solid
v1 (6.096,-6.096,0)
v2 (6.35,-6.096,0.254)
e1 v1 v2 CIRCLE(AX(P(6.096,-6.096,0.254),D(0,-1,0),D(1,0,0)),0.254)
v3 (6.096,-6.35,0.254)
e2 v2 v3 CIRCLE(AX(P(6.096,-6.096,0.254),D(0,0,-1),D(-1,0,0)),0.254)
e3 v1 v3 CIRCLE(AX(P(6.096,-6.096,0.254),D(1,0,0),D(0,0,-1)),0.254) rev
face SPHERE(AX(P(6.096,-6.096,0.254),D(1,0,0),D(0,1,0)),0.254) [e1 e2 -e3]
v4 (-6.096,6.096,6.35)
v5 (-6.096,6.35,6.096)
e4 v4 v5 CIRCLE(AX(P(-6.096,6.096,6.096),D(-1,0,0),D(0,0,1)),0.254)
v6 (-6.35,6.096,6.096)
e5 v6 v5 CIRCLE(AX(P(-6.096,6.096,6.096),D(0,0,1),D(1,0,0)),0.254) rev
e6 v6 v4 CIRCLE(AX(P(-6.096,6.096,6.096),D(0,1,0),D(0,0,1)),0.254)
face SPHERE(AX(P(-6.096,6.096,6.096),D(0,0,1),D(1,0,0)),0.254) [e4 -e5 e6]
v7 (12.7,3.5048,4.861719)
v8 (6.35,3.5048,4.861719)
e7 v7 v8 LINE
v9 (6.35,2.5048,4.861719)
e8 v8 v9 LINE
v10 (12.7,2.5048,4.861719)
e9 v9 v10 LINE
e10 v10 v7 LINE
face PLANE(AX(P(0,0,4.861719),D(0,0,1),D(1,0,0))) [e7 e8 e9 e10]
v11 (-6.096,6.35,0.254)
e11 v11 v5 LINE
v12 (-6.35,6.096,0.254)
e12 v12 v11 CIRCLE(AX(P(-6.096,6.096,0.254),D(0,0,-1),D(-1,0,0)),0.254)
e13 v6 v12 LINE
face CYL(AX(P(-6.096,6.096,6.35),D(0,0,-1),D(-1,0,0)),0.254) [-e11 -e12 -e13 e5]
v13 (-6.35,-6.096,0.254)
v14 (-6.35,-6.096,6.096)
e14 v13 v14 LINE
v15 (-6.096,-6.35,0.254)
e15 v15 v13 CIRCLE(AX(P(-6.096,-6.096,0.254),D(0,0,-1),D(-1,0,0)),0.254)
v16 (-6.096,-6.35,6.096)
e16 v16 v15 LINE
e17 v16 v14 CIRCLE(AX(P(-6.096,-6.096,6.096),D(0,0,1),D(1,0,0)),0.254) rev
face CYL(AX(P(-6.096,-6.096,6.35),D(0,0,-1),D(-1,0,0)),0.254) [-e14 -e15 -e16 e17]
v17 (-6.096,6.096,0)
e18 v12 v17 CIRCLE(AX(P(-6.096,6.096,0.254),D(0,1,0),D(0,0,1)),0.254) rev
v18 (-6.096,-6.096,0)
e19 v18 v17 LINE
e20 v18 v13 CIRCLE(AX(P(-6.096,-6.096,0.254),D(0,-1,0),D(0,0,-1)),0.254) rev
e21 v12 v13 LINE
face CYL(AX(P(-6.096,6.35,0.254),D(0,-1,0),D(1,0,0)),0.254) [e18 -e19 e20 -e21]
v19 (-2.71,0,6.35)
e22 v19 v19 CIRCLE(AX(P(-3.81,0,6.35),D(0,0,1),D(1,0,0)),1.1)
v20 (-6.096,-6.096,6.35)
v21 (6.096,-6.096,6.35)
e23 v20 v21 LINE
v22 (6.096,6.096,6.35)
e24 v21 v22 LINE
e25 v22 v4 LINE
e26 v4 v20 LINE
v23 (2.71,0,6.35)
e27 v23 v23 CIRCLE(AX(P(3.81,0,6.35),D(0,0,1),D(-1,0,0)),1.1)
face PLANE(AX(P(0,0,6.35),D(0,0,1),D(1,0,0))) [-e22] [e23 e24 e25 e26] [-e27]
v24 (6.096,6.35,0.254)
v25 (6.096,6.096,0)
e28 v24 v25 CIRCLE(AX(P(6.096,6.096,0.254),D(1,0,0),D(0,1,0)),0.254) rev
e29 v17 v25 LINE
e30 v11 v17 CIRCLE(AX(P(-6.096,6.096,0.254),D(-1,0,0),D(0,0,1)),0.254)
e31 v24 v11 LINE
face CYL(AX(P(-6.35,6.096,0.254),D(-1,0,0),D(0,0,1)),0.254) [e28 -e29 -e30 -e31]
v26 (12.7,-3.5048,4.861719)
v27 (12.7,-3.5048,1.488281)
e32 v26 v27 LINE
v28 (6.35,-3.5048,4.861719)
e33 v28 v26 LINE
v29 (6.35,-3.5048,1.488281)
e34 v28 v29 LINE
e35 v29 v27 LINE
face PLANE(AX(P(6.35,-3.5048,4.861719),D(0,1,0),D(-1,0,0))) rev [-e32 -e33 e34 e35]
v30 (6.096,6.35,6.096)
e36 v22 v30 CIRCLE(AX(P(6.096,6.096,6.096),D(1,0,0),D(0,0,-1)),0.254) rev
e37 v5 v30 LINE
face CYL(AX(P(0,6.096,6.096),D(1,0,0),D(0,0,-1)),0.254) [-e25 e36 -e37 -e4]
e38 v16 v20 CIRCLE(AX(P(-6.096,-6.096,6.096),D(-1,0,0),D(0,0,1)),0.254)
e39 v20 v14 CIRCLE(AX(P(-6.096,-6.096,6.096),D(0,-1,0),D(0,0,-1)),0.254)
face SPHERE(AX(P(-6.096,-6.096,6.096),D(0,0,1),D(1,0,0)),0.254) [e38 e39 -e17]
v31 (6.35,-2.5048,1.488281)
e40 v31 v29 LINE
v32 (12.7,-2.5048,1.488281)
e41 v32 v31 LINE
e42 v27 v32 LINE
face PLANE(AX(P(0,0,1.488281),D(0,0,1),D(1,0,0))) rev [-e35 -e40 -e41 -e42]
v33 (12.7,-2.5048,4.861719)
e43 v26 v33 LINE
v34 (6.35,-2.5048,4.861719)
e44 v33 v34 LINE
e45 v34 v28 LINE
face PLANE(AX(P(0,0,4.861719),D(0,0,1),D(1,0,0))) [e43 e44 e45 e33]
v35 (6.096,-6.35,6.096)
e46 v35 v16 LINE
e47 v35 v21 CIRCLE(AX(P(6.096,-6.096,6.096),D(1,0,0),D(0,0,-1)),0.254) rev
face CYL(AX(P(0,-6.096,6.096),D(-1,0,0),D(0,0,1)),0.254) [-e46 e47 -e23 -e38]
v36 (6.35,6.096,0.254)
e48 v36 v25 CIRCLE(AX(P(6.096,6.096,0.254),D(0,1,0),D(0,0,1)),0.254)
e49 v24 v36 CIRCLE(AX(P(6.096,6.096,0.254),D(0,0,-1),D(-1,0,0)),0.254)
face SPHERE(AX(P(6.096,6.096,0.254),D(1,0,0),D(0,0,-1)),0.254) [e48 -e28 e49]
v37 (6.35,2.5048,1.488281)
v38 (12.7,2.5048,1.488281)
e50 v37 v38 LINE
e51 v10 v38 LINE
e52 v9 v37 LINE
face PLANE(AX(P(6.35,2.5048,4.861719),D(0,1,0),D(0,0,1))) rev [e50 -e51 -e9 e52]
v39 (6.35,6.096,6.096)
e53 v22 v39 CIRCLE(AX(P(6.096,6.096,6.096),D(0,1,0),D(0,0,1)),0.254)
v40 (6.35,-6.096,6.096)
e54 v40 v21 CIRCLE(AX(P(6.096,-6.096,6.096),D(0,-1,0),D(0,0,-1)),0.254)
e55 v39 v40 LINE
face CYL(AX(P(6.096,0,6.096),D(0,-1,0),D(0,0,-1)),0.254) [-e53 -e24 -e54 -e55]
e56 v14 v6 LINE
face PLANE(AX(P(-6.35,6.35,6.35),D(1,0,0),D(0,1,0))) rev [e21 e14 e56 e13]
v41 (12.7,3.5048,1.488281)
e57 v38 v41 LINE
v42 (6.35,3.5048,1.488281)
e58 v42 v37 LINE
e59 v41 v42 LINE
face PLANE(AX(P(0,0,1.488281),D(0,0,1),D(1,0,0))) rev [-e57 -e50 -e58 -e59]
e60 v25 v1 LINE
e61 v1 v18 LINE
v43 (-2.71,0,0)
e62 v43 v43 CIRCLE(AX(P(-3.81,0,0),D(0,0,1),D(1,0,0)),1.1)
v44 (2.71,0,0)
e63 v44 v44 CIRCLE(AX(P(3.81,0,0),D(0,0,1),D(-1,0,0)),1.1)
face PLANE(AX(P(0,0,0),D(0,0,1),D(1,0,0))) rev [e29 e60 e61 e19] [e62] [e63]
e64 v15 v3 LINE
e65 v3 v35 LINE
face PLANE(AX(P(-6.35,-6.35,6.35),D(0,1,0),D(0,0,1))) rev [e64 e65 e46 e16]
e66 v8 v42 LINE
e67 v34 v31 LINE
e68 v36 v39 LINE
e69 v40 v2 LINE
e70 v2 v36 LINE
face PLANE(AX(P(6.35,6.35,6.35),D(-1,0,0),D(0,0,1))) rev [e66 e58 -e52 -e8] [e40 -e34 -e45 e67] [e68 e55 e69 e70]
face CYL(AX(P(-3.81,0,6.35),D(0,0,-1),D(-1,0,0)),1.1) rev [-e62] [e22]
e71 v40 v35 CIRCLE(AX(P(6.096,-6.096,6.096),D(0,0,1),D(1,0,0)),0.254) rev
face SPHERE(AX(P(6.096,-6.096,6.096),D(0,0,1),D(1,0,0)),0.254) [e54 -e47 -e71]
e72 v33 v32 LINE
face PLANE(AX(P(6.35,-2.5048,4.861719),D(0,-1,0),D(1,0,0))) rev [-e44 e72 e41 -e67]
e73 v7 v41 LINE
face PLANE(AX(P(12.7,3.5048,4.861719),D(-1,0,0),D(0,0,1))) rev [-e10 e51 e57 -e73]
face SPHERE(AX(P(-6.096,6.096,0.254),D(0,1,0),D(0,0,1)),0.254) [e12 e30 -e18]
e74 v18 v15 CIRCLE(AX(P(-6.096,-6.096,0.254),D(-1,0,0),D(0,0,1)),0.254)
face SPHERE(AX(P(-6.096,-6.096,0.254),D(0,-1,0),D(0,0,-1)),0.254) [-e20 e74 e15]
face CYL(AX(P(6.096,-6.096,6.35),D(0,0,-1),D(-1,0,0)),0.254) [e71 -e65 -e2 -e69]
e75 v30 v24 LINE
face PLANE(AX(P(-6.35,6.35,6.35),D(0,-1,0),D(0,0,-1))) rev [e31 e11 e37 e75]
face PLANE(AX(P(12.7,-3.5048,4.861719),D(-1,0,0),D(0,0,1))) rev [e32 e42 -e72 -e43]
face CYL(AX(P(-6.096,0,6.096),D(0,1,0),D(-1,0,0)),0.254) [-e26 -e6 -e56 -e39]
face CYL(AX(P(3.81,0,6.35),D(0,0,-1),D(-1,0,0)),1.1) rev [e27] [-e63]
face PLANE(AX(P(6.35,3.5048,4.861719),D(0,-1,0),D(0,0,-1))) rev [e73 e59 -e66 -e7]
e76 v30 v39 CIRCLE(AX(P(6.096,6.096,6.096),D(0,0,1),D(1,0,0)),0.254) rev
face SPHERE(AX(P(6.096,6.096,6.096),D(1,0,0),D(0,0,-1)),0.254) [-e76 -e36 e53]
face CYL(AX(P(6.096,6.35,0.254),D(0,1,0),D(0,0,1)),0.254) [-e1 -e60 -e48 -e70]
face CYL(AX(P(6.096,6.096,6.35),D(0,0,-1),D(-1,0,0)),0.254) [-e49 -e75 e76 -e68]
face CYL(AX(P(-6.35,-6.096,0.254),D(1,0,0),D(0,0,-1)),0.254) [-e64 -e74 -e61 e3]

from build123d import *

# Parameters (mm, degrees)
SKETCH1_W           = 12.7
SKETCH1_H           = 12.7
SKETCH1_R           = 1.1
BOSS_EXTRUDE1_DEPTH = 6.35
SKETCH2_W           = 6.35
SKETCH2_H           = 1
BOSS_EXTRUDE2_DEPTH = 1.68671875
FILLET1_R           = 0.254


with BuildPart() as part:
    # Sketch1 → Boss-Extrude1 (new body)
    with BuildSketch(Plane.XY):
        Rectangle(SKETCH1_W, SKETCH1_H)
        with Locations((-3.81, 0)):
            Circle(SKETCH1_R, mode=Mode.SUBTRACT)
        with Locations((3.81, 0)):
            Circle(SKETCH1_R, mode=Mode.SUBTRACT)
    extrude(amount=BOSS_EXTRUDE1_DEPTH)

    # Sketch2 → Boss-Extrude2 (add, symmetric)
    with BuildSketch(Plane.XY.offset(3.175)):
        with Locations((9.525, 3.0048)):
            Rectangle(SKETCH2_W, SKETCH2_H)
        with Locations((9.525, -3.0048)):
            Rectangle(SKETCH2_W, SKETCH2_H)
    extrude(amount=BOSS_EXTRUDE2_DEPTH, both=True)

    # Fillet1
    fillet1_edges = [part.edges().sort_by_distance(p)[0] for p in [
        (-6.35, 0, 6.35),
        (0, -6.35, 6.35),
        (6.35, 0, 6.35),
        (0, -6.35, 0),
        (-6.35, 0, 0),
        (0, 6.35, 0),
        (6.35, 0, 0),
        (6.35, -6.35, 3.175),
        (-6.35, -6.35, 3.175),
        (-6.35, 6.35, 3.175),
        (6.35, 6.35, 3.175),
        (0, 6.35, 6.35),
    ]]
    fillet(fillet1_edges, radius=FILLET1_R)


solid = part.part
